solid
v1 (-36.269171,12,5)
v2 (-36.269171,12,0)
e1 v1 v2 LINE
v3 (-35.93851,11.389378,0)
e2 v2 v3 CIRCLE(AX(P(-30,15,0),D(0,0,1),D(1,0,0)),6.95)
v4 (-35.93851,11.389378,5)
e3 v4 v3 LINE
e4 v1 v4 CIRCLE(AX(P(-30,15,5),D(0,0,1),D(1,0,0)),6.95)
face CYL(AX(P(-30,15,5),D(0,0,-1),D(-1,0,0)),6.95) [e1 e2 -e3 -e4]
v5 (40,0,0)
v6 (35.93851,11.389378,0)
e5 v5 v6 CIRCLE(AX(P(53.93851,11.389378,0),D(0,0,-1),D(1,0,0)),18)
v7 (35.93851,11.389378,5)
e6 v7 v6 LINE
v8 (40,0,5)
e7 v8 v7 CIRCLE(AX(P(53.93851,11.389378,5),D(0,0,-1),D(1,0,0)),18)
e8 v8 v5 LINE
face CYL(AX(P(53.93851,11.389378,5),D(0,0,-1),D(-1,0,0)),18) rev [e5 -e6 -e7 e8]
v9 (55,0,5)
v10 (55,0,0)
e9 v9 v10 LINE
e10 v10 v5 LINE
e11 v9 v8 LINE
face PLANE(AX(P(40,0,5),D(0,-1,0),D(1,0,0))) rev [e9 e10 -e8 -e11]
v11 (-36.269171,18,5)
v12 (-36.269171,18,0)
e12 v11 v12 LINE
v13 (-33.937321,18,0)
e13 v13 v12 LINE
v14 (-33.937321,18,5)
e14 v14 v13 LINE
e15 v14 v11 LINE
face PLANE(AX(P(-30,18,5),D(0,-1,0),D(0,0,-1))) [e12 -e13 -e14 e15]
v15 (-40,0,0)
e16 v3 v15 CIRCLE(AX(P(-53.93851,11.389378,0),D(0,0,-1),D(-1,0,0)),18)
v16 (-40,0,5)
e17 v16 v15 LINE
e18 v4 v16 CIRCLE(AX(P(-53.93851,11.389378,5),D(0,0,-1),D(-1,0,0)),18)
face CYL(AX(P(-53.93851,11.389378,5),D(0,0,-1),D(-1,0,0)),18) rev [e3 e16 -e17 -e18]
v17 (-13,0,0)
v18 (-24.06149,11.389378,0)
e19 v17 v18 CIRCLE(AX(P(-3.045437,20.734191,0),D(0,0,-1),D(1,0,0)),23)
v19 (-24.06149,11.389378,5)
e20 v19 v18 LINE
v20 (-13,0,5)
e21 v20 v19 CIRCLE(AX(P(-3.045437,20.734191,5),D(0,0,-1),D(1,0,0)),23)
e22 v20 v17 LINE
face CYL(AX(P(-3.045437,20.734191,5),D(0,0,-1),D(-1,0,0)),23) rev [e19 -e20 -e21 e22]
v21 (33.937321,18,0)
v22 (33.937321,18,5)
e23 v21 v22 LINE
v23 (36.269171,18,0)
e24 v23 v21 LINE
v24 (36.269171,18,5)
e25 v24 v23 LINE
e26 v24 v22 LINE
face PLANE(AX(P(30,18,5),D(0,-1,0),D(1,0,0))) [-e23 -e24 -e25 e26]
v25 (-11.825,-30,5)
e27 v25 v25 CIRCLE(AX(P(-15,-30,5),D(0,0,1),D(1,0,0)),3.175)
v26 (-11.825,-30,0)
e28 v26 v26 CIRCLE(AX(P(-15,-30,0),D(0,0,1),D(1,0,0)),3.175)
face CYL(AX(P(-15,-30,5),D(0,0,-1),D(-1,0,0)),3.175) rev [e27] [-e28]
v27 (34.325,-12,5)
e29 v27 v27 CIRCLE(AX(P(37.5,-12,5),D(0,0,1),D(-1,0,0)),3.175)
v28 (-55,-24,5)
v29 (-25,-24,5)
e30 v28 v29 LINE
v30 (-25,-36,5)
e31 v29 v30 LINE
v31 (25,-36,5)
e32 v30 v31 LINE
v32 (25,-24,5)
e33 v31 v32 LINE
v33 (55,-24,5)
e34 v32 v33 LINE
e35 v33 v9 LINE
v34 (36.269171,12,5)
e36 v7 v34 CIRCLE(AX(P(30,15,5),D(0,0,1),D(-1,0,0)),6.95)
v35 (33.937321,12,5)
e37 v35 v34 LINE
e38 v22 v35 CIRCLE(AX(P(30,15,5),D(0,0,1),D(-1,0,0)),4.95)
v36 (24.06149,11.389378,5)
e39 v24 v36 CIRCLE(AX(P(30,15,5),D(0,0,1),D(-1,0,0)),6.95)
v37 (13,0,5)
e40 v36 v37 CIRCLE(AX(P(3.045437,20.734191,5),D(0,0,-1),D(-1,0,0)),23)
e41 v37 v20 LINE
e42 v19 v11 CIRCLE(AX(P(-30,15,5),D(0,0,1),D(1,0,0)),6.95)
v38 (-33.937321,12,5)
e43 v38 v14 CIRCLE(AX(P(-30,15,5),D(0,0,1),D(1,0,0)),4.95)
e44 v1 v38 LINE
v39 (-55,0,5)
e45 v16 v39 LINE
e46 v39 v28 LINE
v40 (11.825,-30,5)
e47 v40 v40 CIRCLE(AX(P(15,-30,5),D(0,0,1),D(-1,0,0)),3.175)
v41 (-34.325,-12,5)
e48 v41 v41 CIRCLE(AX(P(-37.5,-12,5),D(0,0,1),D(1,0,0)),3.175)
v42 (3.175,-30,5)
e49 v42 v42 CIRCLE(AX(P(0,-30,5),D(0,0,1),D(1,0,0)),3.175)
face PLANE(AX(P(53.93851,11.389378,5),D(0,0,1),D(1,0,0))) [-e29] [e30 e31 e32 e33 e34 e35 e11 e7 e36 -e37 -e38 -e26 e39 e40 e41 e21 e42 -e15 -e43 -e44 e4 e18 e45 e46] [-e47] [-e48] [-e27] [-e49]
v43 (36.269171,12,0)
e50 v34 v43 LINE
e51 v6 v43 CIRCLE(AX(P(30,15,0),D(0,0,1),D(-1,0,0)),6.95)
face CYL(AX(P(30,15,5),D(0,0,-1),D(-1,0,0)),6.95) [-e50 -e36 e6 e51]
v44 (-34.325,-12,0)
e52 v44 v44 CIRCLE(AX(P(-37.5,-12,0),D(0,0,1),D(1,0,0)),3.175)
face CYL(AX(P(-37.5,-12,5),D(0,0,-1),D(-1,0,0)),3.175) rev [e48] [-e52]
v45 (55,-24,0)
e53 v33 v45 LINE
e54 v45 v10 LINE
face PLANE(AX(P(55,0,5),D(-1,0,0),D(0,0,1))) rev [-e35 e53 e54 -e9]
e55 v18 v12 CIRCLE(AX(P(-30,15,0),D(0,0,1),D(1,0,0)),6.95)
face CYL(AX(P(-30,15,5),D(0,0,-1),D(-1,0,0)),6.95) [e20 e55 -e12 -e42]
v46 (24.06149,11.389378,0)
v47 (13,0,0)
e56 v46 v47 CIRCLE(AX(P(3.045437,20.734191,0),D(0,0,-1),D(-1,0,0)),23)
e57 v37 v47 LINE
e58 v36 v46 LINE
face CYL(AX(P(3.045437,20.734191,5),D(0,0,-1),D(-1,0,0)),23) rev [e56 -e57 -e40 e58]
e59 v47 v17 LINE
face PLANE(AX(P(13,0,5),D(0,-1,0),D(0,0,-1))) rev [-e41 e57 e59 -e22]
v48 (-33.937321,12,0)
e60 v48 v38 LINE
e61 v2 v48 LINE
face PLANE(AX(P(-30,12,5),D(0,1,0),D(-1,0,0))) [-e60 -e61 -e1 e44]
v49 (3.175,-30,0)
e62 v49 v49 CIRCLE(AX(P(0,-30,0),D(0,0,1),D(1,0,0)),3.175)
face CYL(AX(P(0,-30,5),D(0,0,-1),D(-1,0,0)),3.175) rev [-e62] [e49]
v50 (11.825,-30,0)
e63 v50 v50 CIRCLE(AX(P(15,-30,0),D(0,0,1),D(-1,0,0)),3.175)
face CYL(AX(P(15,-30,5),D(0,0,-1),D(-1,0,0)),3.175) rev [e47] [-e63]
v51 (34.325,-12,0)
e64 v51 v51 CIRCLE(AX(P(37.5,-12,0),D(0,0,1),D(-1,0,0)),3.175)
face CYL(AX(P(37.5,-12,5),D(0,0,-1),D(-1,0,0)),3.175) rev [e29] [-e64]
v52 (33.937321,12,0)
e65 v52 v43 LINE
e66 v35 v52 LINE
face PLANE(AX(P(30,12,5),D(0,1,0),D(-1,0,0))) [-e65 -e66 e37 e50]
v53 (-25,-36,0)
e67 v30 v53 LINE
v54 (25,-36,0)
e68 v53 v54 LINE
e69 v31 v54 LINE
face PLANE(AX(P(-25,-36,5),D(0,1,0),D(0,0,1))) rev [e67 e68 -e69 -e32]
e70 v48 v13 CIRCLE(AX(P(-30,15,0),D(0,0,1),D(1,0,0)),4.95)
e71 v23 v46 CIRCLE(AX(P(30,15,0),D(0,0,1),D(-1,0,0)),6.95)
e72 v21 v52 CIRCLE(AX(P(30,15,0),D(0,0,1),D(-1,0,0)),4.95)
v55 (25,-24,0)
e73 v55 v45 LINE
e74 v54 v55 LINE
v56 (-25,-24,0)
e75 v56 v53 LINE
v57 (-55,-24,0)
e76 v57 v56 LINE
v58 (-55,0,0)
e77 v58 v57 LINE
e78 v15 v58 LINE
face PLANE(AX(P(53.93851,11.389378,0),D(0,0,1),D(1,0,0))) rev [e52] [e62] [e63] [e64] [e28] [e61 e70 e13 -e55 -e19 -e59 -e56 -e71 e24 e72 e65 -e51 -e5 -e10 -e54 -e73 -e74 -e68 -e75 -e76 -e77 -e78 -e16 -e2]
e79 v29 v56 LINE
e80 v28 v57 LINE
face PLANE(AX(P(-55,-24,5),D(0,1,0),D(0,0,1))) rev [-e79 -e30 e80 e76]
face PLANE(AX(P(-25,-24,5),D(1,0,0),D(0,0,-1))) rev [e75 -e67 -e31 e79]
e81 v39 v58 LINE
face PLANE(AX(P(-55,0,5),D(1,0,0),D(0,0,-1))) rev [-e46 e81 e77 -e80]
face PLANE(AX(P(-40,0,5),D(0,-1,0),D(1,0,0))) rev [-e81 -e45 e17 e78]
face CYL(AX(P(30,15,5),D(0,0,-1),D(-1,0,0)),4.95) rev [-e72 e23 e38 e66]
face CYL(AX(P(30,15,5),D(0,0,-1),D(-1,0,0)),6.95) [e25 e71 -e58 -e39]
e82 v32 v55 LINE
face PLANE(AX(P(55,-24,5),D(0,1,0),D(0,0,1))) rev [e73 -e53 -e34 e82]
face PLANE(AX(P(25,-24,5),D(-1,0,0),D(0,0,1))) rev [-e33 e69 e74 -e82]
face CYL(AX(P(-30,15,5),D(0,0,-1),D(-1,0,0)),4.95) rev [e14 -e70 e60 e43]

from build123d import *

# Parameters (mm, degrees)
CROQUIS1_R              = 4.95
CROQUIS1_R_2            = 3.175
SALIENTE_EXTRUIR1_DEPTH = 5
CORTAR_EXTRUIR1_DEPTH   = 66.924198895


with BuildPart() as part:
    # Croquis1 → Saliente-Extruir1 (new body)
    with BuildSketch(Plane.XY):
        with BuildLine():
            Line((13, 0), (-13, 0))
            ThreePointArc((-13, 0), (-19.544656296, 4.709966775), (-24.061489507, 11.389377737))
            ThreePointArc((-24.061489507, 11.389377737), (-30, 21.95), (-35.938510493, 11.389377737))
            ThreePointArc((-35.938510493, 11.389377737), (-36.984260452, 5.34343649), (-40, 0))
            Line((-40, 0), (-55, 0))
            Line((-55, 0), (-55, -24))
            Line((-55, -24), (-25, -24))
            Line((-25, -24), (-25, -36))
            Line((-25, -36), (25, -36))
            Line((25, -36), (25, -24))
            Line((25, -24), (55, -24))
            Line((55, -24), (55, 0))
            Line((55, 0), (40, 0))
            ThreePointArc((40, 0), (36.984260452, 5.34343649), (35.938510493, 11.389377737))
            ThreePointArc((35.938510493, 11.389377737), (30, 21.95), (24.061489507, 11.389377737))
            ThreePointArc((24.061489507, 11.389377737), (19.544656296, 4.709966775), (13, 0))
        make_face()
        with Locations((-30, 15)):
            Circle(CROQUIS1_R, mode=Mode.SUBTRACT)
        with Locations((-37.5, -12)):
            Circle(CROQUIS1_R_2, mode=Mode.SUBTRACT)
        with Locations((0, -30)):
            Circle(CROQUIS1_R_2, mode=Mode.SUBTRACT)
        with Locations(Location((30, 15, 0), (0, 0, 180))):
            Circle(CROQUIS1_R, mode=Mode.SUBTRACT)
        with Locations(Location((37.5, -12, 0), (0, 0, 180))):
            Circle(CROQUIS1_R_2, mode=Mode.SUBTRACT)
        with Locations((-15, -30)):
            Circle(CROQUIS1_R_2, mode=Mode.SUBTRACT)
        with Locations(Location((15, -30, 0), (0, 0, 180))):
            Circle(CROQUIS1_R_2, mode=Mode.SUBTRACT)
    extrude(amount=SALIENTE_EXTRUIR1_DEPTH)

    # Croquis2 → Cortar-Extruir1 (cut, through all)
    with BuildSketch(Plane.XY):
        with BuildLine():
            Line((-30, 18), (-36.269170599, 18))
            ThreePointArc((-36.269170599, 18), (-36.95, 15), (-36.269170599, 12))
            Line((-36.269170599, 12), (-30, 12))
            Line((-30, 12), (-30, 18))
        make_face()
        with BuildLine():
            Line((30, 18), (30, 12))
            Line((30, 12), (36.269170599, 12))
            ThreePointArc((36.269170599, 12), (36.95, 15), (36.269170599, 18))
            Line((36.269170599, 18), (30, 18))
        make_face()
    extrude(amount=CORTAR_EXTRUIR1_DEPTH, mode=Mode.SUBTRACT)


solid = part.part
